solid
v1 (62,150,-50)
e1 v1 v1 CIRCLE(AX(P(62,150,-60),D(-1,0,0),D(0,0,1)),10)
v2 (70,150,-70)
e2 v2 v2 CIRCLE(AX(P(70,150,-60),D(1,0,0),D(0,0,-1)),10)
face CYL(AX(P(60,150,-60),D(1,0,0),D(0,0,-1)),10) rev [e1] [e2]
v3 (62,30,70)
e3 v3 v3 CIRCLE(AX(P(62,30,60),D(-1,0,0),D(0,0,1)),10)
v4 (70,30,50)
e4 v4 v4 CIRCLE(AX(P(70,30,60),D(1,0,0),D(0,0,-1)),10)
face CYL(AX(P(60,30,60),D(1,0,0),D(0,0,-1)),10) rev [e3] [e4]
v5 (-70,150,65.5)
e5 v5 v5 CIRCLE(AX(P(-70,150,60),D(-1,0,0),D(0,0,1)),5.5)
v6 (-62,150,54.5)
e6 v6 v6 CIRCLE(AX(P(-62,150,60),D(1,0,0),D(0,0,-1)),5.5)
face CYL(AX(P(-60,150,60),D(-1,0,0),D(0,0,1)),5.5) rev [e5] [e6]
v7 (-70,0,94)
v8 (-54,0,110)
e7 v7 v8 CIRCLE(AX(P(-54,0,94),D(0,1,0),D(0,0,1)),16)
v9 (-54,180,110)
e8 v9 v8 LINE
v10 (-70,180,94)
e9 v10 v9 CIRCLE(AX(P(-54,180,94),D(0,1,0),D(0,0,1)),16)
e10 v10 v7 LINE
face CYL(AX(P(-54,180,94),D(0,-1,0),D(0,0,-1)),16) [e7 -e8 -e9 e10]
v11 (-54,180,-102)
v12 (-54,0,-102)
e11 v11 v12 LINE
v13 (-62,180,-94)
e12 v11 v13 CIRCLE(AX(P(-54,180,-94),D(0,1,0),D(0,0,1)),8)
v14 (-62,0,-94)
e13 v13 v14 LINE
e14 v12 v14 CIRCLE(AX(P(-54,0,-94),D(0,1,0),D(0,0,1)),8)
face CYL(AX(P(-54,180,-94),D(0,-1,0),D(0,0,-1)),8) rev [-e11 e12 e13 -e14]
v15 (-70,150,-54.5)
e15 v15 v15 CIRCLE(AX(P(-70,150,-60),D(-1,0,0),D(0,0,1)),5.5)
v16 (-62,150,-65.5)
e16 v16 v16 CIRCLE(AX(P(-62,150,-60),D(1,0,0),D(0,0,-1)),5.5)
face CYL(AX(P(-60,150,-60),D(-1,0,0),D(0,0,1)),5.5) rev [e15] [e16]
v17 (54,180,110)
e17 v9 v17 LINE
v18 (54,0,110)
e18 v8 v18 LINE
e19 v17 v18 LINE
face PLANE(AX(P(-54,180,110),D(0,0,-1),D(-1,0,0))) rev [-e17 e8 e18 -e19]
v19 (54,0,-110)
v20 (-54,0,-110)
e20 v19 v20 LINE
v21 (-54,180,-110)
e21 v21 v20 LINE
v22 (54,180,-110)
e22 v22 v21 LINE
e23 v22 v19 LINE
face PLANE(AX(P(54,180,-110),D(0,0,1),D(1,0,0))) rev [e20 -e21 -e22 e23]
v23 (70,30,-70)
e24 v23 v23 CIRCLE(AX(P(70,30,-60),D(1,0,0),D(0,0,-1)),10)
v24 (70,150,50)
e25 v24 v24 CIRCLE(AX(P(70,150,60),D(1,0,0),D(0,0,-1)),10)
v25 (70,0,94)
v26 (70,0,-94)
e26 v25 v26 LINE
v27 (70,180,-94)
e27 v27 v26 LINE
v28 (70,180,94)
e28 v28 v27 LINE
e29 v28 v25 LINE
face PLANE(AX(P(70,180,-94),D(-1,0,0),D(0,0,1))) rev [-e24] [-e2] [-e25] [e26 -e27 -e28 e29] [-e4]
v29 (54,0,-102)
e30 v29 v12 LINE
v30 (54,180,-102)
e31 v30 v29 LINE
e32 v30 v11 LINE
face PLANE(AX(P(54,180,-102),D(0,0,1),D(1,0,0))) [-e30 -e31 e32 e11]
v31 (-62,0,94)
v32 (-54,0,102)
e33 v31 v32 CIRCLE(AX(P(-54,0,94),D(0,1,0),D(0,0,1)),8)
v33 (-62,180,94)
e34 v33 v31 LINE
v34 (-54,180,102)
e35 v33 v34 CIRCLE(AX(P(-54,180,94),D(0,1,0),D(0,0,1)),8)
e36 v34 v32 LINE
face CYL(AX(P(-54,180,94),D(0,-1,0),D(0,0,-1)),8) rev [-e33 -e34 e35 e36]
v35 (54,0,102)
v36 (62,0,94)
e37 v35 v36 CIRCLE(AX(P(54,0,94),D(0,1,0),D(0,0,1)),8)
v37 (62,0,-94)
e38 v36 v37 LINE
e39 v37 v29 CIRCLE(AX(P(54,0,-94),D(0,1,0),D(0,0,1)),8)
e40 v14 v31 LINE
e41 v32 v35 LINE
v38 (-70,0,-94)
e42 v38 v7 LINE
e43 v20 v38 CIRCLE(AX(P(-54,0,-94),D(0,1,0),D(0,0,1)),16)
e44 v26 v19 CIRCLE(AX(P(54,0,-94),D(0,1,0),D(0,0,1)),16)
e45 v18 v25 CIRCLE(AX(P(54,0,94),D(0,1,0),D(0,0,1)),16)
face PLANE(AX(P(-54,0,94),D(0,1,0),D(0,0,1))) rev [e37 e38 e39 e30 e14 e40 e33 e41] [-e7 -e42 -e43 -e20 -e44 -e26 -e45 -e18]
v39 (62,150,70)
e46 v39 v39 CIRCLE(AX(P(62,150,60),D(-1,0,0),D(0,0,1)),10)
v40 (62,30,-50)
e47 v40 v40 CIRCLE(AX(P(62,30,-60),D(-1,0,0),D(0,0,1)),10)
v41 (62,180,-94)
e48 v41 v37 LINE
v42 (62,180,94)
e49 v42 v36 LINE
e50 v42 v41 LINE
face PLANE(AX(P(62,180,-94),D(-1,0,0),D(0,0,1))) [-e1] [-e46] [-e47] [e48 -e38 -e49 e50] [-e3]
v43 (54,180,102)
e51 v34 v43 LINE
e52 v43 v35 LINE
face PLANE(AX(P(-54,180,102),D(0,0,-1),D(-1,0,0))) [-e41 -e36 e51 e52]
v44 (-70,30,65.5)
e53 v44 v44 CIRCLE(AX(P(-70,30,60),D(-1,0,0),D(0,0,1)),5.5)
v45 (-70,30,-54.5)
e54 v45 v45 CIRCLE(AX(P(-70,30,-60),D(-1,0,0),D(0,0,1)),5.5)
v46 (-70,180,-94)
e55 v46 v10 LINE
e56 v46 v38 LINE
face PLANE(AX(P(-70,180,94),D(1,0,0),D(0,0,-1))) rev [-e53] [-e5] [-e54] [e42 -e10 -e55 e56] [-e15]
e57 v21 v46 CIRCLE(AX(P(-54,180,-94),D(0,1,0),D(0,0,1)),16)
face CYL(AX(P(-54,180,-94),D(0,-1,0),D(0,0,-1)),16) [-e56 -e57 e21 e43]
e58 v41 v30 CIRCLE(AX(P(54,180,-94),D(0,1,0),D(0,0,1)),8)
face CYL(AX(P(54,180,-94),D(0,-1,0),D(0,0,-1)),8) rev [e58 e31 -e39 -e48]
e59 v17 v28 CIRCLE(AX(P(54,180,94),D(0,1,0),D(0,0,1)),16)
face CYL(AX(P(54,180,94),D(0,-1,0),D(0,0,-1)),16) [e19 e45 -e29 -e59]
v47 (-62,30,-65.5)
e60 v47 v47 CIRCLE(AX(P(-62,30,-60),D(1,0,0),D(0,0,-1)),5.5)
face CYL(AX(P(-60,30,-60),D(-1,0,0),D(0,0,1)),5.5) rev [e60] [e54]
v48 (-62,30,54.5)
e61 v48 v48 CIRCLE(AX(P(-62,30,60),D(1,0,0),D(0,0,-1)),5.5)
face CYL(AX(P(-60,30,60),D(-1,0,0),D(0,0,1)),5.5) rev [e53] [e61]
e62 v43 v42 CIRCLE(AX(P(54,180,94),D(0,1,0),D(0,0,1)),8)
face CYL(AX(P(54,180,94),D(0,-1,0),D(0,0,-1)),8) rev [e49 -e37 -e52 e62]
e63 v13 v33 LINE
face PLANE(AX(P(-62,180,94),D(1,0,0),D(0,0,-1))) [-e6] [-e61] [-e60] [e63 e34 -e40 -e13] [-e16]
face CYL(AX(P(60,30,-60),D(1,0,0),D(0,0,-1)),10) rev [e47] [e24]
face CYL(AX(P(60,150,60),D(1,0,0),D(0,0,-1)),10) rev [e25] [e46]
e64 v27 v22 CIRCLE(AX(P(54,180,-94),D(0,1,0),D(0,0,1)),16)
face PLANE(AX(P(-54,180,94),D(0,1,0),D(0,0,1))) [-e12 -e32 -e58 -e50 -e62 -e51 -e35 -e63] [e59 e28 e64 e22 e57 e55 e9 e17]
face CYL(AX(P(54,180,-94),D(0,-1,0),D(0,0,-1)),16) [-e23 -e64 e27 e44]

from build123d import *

# Parameters (mm, degrees)
TUBE_RECTANGULAR_220_X_140_X_8_0_1_DEPTH = 180
SKETCH_5_R                               = 5.5
CUT_EXTRUDE_1_DEPTH                      = 10
SKETCH_6_R                               = 10
CUT_EXTRUDE_2_DEPTH                      = 10


with BuildPart() as part:
    # Sketch1 → Tube (rectangular) 220 X 140 X 8.0(1) (new body)
    with BuildSketch(Plane(origin=(0, 0, 0), x_dir=(-1, 0, 0), z_dir=(0, 1, 0))):
        with BuildLine():
            Line((-54, -110), (54, -110))
            ThreePointArc((54, -110), (65.313708499, -105.313708499), (70, -94))
            Line((70, -94), (70, 94))
            ThreePointArc((70, 94), (65.313708499, 105.313708499), (54, 110))
            Line((54, 110), (-54, 110))
            ThreePointArc((-54, 110), (-65.313708499, 105.313708499), (-70, 94))
            Line((-70, 94), (-70, -94))
            ThreePointArc((-70, -94), (-65.313708499, -105.313708499), (-54, -110))
        make_face()
        with BuildLine():
            Line((-54, -102), (54, -102))
            ThreePointArc((54, -102), (59.656854249, -99.656854249), (62, -94))
            Line((62, -94), (62, 94))
            ThreePointArc((62, 94), (59.656854249, 99.656854249), (54, 102))
            Line((54, 102), (-54, 102))
            ThreePointArc((-54, 102), (-59.656854249, 99.656854249), (-62, 94))
            Line((-62, 94), (-62, -94))
            ThreePointArc((-62, -94), (-59.656854249, -99.656854249), (-54, -102))
        make_face(mode=Mode.SUBTRACT)
    extrude(amount=TUBE_RECTANGULAR_220_X_140_X_8_0_1_DEPTH)

    # 草图5 → 切除-拉伸1 (cut)
    with BuildSketch(Plane.ZY.offset(70)):
        with Locations((-60, 30)):
            Circle(SKETCH_5_R)
        with Locations((60, 30)):
            Circle(SKETCH_5_R)
        with Locations((-60, 150)):
            Circle(SKETCH_5_R)
        with Locations((60, 150)):
            Circle(SKETCH_5_R)
    extrude(amount=-CUT_EXTRUDE_1_DEPTH, mode=Mode.SUBTRACT)

    # 草图6 → 切除-拉伸2 (cut)
    with BuildSketch(Plane(origin=(70, 0, 0), x_dir=(0, 0, -1), z_dir=(1, 0, 0))):
        with Locations((-60, 150)):
            Circle(SKETCH_6_R)
        with Locations((60, 150)):
            Circle(SKETCH_6_R)
        with Locations((-60, 30)):
            Circle(SKETCH_6_R)
        with Locations((60, 30)):
            Circle(SKETCH_6_R)
    extrude(amount=-CUT_EXTRUDE_2_DEPTH, mode=Mode.SUBTRACT)


solid = part.part
